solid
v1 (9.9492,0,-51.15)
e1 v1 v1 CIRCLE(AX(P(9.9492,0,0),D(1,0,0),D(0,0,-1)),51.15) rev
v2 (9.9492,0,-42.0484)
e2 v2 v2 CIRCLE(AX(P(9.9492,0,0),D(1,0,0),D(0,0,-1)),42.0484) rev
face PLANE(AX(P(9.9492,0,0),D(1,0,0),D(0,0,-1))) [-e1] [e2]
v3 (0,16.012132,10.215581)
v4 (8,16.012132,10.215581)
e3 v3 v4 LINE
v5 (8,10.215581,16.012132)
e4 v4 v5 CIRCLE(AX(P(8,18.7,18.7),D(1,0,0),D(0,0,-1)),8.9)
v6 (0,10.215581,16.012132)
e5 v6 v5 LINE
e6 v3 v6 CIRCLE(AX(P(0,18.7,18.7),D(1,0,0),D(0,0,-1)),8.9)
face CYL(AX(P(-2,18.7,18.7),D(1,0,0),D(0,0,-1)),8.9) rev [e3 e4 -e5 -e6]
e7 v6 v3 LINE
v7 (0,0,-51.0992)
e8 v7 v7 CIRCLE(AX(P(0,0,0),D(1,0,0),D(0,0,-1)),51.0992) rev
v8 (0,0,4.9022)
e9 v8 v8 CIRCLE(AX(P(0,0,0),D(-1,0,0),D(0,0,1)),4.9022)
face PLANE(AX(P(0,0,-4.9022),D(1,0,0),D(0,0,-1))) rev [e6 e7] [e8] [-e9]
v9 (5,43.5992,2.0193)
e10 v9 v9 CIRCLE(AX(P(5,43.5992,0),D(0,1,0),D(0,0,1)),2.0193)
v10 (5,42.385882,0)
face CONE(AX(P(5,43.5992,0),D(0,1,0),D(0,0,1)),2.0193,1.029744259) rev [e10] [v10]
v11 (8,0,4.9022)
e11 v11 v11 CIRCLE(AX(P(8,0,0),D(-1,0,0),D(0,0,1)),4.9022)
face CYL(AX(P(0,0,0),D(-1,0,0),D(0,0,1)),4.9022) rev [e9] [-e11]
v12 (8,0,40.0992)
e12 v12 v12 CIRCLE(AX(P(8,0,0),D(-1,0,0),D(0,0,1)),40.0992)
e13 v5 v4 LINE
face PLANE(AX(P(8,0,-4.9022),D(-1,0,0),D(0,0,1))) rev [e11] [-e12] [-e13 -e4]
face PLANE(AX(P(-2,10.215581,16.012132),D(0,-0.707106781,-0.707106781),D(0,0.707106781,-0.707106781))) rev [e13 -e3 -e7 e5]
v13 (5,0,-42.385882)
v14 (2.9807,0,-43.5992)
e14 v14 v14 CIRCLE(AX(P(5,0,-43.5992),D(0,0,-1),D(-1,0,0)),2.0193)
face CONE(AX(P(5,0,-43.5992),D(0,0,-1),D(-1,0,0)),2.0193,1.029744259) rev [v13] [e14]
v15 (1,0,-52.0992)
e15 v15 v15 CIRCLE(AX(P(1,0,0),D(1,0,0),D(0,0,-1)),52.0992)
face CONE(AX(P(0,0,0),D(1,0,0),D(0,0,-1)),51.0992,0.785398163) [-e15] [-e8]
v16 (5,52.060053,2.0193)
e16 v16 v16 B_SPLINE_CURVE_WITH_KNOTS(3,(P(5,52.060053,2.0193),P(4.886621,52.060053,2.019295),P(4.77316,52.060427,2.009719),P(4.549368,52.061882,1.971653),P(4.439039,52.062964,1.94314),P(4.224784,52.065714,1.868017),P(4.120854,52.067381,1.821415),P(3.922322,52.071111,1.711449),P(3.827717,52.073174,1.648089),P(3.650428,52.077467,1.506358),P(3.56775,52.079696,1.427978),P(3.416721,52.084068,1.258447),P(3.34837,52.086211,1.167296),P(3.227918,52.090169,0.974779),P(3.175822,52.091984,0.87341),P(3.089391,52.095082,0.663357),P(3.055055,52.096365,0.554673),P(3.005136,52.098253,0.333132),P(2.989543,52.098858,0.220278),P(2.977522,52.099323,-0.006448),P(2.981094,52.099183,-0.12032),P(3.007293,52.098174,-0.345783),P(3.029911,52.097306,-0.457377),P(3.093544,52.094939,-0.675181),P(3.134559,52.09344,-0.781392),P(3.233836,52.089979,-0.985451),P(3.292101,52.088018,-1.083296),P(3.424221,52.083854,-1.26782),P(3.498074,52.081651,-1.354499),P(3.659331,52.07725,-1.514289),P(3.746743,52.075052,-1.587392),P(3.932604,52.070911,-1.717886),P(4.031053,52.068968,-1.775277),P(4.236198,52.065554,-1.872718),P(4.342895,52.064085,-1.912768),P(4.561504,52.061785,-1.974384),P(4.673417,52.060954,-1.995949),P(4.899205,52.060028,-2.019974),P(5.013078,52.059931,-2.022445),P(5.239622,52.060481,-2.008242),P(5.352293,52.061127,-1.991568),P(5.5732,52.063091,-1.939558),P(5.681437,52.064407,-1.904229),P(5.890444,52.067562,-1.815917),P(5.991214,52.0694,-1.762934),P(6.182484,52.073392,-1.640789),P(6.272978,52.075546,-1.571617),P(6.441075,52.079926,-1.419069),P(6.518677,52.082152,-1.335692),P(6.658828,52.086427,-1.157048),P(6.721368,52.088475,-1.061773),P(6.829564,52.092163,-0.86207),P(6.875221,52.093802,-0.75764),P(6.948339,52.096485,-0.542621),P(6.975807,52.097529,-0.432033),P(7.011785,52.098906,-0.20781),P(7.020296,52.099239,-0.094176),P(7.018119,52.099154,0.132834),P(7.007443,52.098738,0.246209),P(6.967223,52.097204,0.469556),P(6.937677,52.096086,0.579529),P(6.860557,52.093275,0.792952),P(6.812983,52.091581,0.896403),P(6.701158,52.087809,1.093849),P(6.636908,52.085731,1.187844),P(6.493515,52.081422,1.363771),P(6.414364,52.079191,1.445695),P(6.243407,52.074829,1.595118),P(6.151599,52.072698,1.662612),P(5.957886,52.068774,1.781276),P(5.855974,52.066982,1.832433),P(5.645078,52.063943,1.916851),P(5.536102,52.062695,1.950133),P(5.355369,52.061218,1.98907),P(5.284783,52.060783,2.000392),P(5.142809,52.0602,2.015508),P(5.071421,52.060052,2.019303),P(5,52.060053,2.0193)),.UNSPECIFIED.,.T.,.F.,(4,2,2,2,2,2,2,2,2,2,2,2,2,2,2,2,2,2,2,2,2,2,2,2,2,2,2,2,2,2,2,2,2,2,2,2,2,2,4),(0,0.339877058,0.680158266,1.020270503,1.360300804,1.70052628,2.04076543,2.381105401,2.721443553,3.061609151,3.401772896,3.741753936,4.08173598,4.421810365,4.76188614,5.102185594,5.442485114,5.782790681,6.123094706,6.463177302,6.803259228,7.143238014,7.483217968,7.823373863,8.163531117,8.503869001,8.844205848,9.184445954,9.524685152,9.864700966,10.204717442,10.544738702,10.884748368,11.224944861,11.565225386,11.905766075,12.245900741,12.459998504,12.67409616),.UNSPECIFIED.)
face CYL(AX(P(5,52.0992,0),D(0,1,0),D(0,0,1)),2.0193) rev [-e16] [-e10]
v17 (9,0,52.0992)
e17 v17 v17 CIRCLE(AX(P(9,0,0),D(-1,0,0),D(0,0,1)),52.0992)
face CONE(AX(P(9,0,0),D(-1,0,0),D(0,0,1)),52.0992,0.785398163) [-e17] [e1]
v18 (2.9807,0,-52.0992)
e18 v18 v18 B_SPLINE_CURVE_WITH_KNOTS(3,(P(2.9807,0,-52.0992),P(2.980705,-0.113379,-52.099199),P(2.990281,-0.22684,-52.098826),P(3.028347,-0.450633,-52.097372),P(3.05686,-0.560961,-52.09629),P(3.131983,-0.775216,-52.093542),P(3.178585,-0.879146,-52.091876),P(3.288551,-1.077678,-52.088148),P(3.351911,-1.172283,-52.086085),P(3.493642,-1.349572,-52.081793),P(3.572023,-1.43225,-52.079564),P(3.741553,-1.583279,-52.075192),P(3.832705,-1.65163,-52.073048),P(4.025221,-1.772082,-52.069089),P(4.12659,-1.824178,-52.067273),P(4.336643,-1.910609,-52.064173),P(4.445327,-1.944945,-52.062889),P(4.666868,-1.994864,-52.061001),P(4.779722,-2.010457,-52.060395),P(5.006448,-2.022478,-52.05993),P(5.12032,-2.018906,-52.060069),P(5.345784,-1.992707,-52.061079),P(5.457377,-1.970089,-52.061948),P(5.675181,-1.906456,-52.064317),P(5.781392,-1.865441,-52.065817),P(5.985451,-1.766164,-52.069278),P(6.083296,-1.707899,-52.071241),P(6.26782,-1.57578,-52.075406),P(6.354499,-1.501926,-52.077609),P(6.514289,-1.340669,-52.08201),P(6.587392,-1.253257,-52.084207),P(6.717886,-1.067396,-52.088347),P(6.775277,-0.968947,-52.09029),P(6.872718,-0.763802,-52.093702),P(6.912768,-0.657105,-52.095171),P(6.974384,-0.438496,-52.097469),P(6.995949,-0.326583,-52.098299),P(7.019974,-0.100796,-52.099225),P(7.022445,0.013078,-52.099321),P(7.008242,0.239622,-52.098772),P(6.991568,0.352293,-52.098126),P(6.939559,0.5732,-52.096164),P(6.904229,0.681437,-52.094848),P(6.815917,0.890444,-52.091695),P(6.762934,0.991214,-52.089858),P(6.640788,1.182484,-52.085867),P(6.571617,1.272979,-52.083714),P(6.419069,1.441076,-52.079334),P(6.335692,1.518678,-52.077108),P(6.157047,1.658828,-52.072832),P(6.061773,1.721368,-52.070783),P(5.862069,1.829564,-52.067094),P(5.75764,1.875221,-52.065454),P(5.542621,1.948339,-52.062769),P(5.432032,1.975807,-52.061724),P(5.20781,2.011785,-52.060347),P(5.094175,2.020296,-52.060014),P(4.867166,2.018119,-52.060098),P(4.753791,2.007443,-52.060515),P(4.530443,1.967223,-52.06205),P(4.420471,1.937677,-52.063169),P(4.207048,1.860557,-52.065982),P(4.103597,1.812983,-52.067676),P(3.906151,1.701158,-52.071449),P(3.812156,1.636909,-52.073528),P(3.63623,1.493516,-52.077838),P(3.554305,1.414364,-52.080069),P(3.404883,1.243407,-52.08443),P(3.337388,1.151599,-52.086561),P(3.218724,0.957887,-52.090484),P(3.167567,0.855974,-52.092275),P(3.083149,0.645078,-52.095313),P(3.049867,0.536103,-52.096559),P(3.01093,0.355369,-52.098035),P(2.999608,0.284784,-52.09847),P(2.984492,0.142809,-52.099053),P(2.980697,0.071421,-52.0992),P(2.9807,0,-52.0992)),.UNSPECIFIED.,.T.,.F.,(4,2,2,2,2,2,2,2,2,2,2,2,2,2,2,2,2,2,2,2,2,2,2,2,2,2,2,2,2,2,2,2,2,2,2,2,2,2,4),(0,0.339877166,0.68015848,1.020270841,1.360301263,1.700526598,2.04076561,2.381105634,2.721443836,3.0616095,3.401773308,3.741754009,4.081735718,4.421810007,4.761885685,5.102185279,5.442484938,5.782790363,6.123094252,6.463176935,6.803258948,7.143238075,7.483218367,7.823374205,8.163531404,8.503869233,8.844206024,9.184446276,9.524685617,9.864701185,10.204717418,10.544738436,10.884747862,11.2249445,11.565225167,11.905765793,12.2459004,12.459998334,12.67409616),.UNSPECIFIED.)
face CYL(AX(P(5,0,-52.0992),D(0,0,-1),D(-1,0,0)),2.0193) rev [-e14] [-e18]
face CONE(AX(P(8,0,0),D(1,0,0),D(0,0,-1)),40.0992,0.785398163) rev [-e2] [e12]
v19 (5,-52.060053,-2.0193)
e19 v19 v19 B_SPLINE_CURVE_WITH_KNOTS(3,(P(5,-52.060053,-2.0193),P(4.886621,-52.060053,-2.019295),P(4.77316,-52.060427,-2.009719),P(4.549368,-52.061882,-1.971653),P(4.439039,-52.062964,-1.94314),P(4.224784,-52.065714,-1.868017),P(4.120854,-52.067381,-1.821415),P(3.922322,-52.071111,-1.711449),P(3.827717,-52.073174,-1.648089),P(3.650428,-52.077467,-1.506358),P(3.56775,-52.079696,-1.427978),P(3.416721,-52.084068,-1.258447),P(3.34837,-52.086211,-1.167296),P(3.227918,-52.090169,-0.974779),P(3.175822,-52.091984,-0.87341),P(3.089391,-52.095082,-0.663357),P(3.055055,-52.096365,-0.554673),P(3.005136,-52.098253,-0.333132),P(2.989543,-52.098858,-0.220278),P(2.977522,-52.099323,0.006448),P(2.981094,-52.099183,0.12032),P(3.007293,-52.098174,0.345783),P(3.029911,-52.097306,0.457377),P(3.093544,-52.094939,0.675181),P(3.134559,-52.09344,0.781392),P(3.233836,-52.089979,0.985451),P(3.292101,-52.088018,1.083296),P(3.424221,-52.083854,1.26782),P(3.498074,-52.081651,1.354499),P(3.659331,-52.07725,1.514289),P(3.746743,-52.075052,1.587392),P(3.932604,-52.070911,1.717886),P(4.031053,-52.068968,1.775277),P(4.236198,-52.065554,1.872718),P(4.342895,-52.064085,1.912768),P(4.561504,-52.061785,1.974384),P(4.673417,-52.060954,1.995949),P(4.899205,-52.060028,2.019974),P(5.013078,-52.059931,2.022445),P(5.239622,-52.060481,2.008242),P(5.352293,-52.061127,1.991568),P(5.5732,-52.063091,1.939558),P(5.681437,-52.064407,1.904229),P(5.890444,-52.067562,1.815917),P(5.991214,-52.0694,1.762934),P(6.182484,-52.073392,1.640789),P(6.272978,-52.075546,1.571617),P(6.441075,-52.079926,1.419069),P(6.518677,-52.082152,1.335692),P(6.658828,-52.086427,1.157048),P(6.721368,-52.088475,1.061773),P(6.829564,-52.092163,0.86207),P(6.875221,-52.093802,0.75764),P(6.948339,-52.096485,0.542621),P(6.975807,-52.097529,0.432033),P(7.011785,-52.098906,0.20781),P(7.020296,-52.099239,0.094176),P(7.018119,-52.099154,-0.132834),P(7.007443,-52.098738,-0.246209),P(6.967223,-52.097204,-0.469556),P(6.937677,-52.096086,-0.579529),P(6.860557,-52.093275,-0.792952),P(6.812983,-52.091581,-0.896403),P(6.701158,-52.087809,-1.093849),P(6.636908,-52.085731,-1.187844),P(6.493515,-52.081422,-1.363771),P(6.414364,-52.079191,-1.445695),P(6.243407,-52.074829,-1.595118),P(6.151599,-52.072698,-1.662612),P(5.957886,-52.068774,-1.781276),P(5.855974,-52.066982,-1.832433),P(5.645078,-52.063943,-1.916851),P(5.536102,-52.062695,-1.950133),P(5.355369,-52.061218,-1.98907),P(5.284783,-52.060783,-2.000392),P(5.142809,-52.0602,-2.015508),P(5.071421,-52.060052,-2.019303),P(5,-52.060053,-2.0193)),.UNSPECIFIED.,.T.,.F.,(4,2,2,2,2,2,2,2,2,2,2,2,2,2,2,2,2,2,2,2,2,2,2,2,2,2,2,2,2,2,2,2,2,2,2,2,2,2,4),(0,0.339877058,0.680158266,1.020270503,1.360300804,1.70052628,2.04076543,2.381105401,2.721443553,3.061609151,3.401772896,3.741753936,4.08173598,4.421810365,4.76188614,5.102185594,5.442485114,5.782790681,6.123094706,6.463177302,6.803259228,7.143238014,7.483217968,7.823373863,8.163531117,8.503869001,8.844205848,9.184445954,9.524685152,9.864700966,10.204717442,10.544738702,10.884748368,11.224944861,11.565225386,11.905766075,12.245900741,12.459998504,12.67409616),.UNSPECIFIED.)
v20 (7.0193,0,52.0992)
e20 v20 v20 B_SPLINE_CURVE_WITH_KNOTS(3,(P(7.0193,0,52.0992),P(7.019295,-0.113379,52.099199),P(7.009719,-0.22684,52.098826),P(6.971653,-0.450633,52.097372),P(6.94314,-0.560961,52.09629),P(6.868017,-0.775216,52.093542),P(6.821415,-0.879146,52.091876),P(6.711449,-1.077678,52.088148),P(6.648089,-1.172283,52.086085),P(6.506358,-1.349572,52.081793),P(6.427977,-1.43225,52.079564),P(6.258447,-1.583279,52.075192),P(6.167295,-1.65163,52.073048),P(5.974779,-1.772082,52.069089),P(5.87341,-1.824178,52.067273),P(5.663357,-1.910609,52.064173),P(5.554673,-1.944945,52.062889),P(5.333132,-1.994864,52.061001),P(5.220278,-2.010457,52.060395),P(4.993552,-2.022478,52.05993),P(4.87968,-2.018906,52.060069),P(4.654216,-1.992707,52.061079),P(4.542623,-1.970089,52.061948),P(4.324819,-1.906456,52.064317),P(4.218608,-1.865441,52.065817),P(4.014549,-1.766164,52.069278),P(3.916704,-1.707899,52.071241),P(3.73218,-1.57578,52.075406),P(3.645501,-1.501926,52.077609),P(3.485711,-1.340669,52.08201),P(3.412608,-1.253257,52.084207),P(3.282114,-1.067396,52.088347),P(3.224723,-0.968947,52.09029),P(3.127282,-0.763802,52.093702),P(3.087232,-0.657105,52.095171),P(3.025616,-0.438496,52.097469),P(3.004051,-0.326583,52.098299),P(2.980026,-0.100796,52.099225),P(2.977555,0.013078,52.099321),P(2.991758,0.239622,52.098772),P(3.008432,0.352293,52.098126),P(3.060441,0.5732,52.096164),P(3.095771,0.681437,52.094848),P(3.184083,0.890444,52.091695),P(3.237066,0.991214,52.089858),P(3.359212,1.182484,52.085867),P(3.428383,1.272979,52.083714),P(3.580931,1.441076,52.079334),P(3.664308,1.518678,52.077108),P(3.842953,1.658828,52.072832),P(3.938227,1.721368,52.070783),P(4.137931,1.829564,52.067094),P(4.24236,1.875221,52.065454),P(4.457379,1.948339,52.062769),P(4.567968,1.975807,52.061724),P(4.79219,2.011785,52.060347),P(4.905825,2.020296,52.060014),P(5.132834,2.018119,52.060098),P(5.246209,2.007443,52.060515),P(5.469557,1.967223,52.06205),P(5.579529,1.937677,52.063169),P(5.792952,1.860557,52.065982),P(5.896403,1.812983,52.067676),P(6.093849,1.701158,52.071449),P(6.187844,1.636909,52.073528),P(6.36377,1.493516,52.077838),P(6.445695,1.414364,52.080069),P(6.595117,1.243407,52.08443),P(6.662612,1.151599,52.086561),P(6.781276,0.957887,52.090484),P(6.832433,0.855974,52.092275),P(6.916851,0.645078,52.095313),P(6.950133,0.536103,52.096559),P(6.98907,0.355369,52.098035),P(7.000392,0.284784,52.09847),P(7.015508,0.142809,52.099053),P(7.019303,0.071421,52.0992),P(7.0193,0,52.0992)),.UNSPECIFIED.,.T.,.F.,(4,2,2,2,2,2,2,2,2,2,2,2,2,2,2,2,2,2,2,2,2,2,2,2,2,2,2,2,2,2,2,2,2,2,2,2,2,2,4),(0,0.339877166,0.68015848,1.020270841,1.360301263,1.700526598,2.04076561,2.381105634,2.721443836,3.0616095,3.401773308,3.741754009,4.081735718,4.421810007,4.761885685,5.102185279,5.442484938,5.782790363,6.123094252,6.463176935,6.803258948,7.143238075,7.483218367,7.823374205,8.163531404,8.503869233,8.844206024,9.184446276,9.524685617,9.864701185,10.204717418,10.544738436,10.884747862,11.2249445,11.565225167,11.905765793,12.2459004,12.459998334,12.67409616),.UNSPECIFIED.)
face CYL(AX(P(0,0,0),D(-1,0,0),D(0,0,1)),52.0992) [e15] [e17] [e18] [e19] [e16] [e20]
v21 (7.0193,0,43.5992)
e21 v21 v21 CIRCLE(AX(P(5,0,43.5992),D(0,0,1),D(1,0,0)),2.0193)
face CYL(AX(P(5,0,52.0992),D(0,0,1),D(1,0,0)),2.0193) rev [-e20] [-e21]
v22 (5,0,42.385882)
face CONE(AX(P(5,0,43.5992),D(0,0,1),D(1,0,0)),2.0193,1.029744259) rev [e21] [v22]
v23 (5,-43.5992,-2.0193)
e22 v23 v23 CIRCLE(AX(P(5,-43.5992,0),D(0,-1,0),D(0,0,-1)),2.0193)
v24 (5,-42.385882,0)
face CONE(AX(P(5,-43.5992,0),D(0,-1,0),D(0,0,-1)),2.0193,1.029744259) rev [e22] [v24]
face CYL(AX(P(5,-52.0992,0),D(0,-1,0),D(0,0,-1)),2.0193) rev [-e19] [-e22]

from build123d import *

# Parameters (mm, degrees)
CUT_EXTRUDE1_DEPTH = 10
CIRPATTERN2_COUNT  = 4
CHAMFER1_SIZE      = 1
CHAMFER2_SIZE      = 1
SKETCH8_R          = 52.0992
CUT_EXTRUDE2_DEPTH = 0.0508


with BuildPart() as part:
    # Sketch1 → Revolve1 (revolve)
    with BuildSketch(Plane(origin=(0, 0, 0), x_dir=(1, 0, 0), z_dir=(0, 1, 0))):
        Polygon((0, 4.9022), (0, 52.0992), (10, 52.0992), (10, 42.0992), (8, 40.0992), (8, 4.9022), align=None)
    revolve(axis=Axis((0, 0, 0), (1, 0, 0)))

    # Sketch3 → Cut-Extrude1 (cut)
    with BuildSketch(Plane(origin=(8, 0, 0), x_dir=(0, 0, -1), z_dir=(1, 0, 0))):
        with BuildLine():
            Line((-16.012131778, 10.215581079), (-10.215581079, 16.012131778))
            ThreePointArc((-10.215581079, 16.012131778), (-14.077724842, 26.305561936), (-24.993250353, 24.993250353))
            ThreePointArc((-24.993250353, 24.993250353), (-26.305561936, 14.077724842), (-16.012131778, 10.215581079))
        make_face()
    extrude(amount=-CUT_EXTRUDE1_DEPTH, mode=Mode.SUBTRACT)

    # Sketch6 → #10-32 Tapped Hole1 (revolve, cut)
    with BuildSketch(Plane(origin=(5, 0, 52.0992), x_dir=(0, -1, 0), z_dir=(1, 0, 0))):
        Polygon((0, 0), (0, 9.713317848), (2.0193, 8.5), (2.0193, 0), align=None)
    f_10_32_tapped_hole1 = revolve(axis=Axis((5, 0, 58.4492), (0, 0, -1)), mode=Mode.SUBTRACT)

    # CirPattern2: #10-32 Tapped Hole1 ×4 about axis
    cirpattern2_axis = Axis((0, 0, 0), (-1, 0, 0))
    for i in range(1, CIRPATTERN2_COUNT):
        add(f_10_32_tapped_hole1.rotate(cirpattern2_axis, i * 360 / CIRPATTERN2_COUNT), mode=Mode.SUBTRACT)

    # Chamfer1
    chamfer1_edges = [part.edges().sort_by_distance(p)[0] for p in [
        (10, 0, 52.0992),
    ]]
    chamfer(chamfer1_edges, length=CHAMFER1_SIZE)

    # Chamfer2
    chamfer2_edges = [part.edges().sort_by_distance(p)[0] for p in [
        (0, 0, 52.0992),
    ]]
    chamfer(chamfer2_edges, length=CHAMFER2_SIZE)

    # Sketch8 → Cut-Extrude2 (cut)
    with BuildSketch(Plane(origin=(10, 0, 0), x_dir=(0, 0, -1), z_dir=(1, 0, 0))):
        Circle(SKETCH8_R)
    extrude(amount=-CUT_EXTRUDE2_DEPTH, mode=Mode.SUBTRACT)


solid = part.part
